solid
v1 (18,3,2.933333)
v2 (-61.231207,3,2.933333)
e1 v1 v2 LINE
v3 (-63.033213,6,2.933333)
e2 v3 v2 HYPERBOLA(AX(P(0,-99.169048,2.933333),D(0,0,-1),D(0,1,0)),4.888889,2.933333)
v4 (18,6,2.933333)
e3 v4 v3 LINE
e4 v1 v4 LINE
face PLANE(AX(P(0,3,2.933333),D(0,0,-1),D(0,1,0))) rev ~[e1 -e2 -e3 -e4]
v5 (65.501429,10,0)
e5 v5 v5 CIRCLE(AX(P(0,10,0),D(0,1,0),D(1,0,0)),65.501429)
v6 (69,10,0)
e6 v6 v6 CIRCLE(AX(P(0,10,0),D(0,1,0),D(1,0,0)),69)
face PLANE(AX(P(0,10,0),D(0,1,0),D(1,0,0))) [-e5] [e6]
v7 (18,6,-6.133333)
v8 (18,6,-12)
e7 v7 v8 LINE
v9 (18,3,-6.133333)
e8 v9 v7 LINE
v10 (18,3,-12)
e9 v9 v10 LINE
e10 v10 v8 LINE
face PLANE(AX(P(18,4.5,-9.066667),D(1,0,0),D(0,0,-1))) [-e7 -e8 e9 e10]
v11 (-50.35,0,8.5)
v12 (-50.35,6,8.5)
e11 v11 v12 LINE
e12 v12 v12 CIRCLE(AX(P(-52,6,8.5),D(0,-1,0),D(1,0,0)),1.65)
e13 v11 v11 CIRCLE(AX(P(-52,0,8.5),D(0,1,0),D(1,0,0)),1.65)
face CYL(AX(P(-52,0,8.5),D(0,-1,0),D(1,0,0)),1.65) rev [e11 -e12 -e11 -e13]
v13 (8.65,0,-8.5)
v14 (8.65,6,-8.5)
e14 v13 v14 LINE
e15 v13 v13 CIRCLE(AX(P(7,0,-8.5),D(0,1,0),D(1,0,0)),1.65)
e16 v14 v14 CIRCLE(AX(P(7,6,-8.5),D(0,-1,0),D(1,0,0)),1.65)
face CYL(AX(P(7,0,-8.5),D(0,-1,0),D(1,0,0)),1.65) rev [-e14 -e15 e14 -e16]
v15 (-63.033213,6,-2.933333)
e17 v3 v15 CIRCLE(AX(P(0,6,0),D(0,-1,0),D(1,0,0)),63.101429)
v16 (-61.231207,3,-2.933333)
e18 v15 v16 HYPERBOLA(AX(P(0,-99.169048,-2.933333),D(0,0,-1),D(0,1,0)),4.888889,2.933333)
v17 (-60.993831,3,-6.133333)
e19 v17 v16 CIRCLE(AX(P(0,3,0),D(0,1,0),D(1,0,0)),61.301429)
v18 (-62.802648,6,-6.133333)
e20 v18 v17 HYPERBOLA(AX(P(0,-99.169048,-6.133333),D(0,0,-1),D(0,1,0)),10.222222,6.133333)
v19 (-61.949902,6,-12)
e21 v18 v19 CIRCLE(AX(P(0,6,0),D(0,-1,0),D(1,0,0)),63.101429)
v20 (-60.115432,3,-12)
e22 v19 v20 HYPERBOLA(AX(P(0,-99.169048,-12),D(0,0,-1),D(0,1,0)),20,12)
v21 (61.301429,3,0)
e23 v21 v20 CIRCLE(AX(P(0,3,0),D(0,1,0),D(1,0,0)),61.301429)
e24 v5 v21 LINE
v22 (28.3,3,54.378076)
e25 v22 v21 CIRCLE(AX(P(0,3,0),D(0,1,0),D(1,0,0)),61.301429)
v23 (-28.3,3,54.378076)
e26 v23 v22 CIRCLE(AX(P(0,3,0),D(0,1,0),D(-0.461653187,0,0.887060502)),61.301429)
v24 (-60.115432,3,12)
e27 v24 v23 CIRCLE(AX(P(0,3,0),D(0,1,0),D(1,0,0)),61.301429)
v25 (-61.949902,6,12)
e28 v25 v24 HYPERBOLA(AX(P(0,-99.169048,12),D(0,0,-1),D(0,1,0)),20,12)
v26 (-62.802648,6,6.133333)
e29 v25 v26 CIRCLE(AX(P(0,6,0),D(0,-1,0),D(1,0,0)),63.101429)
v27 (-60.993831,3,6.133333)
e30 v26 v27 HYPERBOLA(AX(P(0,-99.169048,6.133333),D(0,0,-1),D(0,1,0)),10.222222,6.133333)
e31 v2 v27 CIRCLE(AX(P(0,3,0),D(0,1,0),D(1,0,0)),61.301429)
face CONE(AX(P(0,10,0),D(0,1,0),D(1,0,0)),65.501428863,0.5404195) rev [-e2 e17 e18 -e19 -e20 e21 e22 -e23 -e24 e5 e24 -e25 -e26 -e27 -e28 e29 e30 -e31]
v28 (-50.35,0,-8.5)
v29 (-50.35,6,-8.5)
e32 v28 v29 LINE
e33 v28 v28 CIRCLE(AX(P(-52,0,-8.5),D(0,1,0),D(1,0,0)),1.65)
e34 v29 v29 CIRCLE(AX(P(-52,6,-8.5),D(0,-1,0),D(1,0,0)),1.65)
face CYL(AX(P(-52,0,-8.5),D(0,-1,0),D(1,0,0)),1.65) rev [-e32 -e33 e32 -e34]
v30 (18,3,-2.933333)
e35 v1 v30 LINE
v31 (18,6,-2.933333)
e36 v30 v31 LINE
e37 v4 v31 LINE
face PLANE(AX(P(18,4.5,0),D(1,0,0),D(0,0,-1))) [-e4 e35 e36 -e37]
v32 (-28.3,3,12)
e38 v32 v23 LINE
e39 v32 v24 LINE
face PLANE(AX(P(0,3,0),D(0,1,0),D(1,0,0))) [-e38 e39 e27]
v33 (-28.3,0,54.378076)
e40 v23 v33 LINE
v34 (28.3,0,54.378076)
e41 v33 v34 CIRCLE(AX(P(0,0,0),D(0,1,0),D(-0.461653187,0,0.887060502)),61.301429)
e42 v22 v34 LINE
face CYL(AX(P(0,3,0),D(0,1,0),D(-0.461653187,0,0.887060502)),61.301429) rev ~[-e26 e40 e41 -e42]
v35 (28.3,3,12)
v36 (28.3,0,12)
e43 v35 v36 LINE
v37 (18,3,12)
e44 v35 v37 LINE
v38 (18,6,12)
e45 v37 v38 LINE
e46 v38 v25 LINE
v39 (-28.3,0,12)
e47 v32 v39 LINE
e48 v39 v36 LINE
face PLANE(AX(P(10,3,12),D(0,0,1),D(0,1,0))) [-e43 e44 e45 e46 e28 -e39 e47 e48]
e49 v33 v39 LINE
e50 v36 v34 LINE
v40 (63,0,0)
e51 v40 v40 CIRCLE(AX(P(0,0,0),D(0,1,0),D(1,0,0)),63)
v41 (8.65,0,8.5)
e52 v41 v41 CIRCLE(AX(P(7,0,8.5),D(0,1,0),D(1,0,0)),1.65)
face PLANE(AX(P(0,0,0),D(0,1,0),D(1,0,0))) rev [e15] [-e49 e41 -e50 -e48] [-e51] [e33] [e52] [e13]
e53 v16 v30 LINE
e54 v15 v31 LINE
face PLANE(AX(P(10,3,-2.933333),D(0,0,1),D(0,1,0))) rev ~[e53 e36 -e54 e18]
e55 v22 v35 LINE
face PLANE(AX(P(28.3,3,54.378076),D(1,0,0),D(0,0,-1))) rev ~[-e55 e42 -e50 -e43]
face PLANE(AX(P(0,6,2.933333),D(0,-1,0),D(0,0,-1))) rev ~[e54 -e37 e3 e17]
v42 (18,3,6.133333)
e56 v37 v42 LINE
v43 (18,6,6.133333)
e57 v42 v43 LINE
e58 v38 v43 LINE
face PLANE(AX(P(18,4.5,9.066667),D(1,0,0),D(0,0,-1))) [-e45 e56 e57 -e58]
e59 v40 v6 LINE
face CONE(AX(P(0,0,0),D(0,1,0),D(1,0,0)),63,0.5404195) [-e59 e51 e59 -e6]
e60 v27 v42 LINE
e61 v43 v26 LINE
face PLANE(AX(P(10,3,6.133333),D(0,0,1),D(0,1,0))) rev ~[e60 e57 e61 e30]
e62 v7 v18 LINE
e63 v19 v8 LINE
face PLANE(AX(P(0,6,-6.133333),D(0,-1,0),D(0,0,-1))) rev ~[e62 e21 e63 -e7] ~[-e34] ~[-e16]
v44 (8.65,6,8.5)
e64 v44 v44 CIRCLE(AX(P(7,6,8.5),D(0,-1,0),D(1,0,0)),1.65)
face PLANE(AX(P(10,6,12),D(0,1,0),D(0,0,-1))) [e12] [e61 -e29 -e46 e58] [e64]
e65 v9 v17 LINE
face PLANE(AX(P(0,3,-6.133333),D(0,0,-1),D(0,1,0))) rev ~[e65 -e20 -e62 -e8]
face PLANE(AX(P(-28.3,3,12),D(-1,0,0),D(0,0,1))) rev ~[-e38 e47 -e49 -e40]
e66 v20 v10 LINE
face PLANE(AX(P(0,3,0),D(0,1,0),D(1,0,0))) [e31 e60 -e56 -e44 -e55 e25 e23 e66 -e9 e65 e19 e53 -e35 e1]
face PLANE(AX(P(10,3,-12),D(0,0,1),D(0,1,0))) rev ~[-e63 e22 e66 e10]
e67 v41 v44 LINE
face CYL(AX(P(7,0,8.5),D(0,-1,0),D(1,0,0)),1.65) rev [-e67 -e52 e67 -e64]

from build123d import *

# Parameters (mm, degrees)
CUT_EXTRUDE1_DEPTH       = 4
SKETCH4_W                = 5.866666667
SKETCH4_H                = 3
SKETCH4_W_2              = 5.866666666
BOSS_EXTRUDE1_DEPTH      = 10
BOSS_EXTRUDE1_DEPTH_BACK = 63.5
SKETCH5_R                = 1.65
CUT_EXTRUDE2_DEPTH       = 11
SKETCH8_W                = 5.866666667
SKETCH8_H                = 3
SKETCH8_W_2              = 5.866666666
BOSS_EXTRUDE3_DEPTH      = 8


with BuildPart() as part:
    # Sketch1 → Revolve1 (revolve)
    with BuildSketch(Plane.XY):
        Polygon((0, 0), (63, 0), (69, 10), (65.501428863, 10), (61.301428863, 3), (0, 3), align=None)
    revolve(axis=Axis((0, 0, 0), (0, 1, 0)))

    # Sketch2 → Cut-Extrude1 (cut, through all)
    with BuildSketch(Plane(origin=(0, 3, 0), x_dir=(1, 0, 0), z_dir=(0, 1, 0))):
        with BuildLine():
            Line((-28.3, -12), (-28.3, -54.378076287))
            ThreePointArc((-28.3, -54.378076287), (0, -61.301428863), (28.3, -54.378076287))
            Line((28.3, -54.378076287), (28.3, -12))
            Line((28.3, -12), (-28.3, -12))
        make_face()
    extrude(amount=-CUT_EXTRUDE1_DEPTH, mode=Mode.SUBTRACT)

    # Sketch4 → Boss-Extrude1 (add, two sides)
    with BuildSketch(Plane(origin=(0, 0, 0), x_dir=(0, 0, -1), z_dir=(1, 0, 0))) as boss_extrude1_sk:
        with Locations((-9.066666666, 4.5)):
            Rectangle(SKETCH4_W, SKETCH4_H)
        with Locations((0, 4.5)):
            Rectangle(SKETCH4_W_2, SKETCH4_H)
        with Locations((9.066666666, 4.5)):
            Rectangle(SKETCH4_W, SKETCH4_H)
    extrude(amount=BOSS_EXTRUDE1_DEPTH)
    extrude(boss_extrude1_sk.sketch, amount=-BOSS_EXTRUDE1_DEPTH_BACK)

    # Sketch5 → Cut-Extrude2 (cut, through all)
    with BuildSketch(Plane(origin=(0, 0, 0), x_dir=(1, 0, 0), z_dir=(0, 1, 0))):
        with Locations((7, -8.5)):
            Circle(SKETCH5_R)
        with Locations((7, 8.5)):
            Circle(SKETCH5_R)
        with Locations((-52, 8.5)):
            Circle(SKETCH5_R)
        with Locations((-52, -8.5)):
            Circle(SKETCH5_R)
    extrude(amount=CUT_EXTRUDE2_DEPTH, mode=Mode.SUBTRACT)

    # Sketch8 → Boss-Extrude3 (add)
    with BuildSketch(Plane(origin=(10, 0, 0), x_dir=(0, 0, -1), z_dir=(1, 0, 0))):
        with Locations((-9.066666666, 4.5)):
            Rectangle(SKETCH8_W, SKETCH8_H)
        with Locations((0, 4.5)):
            Rectangle(SKETCH8_W_2, SKETCH8_H)
        with Locations((9.066666666, 4.5)):
            Rectangle(SKETCH8_W, SKETCH8_H)
    extrude(amount=BOSS_EXTRUDE3_DEPTH)


solid = part.part
